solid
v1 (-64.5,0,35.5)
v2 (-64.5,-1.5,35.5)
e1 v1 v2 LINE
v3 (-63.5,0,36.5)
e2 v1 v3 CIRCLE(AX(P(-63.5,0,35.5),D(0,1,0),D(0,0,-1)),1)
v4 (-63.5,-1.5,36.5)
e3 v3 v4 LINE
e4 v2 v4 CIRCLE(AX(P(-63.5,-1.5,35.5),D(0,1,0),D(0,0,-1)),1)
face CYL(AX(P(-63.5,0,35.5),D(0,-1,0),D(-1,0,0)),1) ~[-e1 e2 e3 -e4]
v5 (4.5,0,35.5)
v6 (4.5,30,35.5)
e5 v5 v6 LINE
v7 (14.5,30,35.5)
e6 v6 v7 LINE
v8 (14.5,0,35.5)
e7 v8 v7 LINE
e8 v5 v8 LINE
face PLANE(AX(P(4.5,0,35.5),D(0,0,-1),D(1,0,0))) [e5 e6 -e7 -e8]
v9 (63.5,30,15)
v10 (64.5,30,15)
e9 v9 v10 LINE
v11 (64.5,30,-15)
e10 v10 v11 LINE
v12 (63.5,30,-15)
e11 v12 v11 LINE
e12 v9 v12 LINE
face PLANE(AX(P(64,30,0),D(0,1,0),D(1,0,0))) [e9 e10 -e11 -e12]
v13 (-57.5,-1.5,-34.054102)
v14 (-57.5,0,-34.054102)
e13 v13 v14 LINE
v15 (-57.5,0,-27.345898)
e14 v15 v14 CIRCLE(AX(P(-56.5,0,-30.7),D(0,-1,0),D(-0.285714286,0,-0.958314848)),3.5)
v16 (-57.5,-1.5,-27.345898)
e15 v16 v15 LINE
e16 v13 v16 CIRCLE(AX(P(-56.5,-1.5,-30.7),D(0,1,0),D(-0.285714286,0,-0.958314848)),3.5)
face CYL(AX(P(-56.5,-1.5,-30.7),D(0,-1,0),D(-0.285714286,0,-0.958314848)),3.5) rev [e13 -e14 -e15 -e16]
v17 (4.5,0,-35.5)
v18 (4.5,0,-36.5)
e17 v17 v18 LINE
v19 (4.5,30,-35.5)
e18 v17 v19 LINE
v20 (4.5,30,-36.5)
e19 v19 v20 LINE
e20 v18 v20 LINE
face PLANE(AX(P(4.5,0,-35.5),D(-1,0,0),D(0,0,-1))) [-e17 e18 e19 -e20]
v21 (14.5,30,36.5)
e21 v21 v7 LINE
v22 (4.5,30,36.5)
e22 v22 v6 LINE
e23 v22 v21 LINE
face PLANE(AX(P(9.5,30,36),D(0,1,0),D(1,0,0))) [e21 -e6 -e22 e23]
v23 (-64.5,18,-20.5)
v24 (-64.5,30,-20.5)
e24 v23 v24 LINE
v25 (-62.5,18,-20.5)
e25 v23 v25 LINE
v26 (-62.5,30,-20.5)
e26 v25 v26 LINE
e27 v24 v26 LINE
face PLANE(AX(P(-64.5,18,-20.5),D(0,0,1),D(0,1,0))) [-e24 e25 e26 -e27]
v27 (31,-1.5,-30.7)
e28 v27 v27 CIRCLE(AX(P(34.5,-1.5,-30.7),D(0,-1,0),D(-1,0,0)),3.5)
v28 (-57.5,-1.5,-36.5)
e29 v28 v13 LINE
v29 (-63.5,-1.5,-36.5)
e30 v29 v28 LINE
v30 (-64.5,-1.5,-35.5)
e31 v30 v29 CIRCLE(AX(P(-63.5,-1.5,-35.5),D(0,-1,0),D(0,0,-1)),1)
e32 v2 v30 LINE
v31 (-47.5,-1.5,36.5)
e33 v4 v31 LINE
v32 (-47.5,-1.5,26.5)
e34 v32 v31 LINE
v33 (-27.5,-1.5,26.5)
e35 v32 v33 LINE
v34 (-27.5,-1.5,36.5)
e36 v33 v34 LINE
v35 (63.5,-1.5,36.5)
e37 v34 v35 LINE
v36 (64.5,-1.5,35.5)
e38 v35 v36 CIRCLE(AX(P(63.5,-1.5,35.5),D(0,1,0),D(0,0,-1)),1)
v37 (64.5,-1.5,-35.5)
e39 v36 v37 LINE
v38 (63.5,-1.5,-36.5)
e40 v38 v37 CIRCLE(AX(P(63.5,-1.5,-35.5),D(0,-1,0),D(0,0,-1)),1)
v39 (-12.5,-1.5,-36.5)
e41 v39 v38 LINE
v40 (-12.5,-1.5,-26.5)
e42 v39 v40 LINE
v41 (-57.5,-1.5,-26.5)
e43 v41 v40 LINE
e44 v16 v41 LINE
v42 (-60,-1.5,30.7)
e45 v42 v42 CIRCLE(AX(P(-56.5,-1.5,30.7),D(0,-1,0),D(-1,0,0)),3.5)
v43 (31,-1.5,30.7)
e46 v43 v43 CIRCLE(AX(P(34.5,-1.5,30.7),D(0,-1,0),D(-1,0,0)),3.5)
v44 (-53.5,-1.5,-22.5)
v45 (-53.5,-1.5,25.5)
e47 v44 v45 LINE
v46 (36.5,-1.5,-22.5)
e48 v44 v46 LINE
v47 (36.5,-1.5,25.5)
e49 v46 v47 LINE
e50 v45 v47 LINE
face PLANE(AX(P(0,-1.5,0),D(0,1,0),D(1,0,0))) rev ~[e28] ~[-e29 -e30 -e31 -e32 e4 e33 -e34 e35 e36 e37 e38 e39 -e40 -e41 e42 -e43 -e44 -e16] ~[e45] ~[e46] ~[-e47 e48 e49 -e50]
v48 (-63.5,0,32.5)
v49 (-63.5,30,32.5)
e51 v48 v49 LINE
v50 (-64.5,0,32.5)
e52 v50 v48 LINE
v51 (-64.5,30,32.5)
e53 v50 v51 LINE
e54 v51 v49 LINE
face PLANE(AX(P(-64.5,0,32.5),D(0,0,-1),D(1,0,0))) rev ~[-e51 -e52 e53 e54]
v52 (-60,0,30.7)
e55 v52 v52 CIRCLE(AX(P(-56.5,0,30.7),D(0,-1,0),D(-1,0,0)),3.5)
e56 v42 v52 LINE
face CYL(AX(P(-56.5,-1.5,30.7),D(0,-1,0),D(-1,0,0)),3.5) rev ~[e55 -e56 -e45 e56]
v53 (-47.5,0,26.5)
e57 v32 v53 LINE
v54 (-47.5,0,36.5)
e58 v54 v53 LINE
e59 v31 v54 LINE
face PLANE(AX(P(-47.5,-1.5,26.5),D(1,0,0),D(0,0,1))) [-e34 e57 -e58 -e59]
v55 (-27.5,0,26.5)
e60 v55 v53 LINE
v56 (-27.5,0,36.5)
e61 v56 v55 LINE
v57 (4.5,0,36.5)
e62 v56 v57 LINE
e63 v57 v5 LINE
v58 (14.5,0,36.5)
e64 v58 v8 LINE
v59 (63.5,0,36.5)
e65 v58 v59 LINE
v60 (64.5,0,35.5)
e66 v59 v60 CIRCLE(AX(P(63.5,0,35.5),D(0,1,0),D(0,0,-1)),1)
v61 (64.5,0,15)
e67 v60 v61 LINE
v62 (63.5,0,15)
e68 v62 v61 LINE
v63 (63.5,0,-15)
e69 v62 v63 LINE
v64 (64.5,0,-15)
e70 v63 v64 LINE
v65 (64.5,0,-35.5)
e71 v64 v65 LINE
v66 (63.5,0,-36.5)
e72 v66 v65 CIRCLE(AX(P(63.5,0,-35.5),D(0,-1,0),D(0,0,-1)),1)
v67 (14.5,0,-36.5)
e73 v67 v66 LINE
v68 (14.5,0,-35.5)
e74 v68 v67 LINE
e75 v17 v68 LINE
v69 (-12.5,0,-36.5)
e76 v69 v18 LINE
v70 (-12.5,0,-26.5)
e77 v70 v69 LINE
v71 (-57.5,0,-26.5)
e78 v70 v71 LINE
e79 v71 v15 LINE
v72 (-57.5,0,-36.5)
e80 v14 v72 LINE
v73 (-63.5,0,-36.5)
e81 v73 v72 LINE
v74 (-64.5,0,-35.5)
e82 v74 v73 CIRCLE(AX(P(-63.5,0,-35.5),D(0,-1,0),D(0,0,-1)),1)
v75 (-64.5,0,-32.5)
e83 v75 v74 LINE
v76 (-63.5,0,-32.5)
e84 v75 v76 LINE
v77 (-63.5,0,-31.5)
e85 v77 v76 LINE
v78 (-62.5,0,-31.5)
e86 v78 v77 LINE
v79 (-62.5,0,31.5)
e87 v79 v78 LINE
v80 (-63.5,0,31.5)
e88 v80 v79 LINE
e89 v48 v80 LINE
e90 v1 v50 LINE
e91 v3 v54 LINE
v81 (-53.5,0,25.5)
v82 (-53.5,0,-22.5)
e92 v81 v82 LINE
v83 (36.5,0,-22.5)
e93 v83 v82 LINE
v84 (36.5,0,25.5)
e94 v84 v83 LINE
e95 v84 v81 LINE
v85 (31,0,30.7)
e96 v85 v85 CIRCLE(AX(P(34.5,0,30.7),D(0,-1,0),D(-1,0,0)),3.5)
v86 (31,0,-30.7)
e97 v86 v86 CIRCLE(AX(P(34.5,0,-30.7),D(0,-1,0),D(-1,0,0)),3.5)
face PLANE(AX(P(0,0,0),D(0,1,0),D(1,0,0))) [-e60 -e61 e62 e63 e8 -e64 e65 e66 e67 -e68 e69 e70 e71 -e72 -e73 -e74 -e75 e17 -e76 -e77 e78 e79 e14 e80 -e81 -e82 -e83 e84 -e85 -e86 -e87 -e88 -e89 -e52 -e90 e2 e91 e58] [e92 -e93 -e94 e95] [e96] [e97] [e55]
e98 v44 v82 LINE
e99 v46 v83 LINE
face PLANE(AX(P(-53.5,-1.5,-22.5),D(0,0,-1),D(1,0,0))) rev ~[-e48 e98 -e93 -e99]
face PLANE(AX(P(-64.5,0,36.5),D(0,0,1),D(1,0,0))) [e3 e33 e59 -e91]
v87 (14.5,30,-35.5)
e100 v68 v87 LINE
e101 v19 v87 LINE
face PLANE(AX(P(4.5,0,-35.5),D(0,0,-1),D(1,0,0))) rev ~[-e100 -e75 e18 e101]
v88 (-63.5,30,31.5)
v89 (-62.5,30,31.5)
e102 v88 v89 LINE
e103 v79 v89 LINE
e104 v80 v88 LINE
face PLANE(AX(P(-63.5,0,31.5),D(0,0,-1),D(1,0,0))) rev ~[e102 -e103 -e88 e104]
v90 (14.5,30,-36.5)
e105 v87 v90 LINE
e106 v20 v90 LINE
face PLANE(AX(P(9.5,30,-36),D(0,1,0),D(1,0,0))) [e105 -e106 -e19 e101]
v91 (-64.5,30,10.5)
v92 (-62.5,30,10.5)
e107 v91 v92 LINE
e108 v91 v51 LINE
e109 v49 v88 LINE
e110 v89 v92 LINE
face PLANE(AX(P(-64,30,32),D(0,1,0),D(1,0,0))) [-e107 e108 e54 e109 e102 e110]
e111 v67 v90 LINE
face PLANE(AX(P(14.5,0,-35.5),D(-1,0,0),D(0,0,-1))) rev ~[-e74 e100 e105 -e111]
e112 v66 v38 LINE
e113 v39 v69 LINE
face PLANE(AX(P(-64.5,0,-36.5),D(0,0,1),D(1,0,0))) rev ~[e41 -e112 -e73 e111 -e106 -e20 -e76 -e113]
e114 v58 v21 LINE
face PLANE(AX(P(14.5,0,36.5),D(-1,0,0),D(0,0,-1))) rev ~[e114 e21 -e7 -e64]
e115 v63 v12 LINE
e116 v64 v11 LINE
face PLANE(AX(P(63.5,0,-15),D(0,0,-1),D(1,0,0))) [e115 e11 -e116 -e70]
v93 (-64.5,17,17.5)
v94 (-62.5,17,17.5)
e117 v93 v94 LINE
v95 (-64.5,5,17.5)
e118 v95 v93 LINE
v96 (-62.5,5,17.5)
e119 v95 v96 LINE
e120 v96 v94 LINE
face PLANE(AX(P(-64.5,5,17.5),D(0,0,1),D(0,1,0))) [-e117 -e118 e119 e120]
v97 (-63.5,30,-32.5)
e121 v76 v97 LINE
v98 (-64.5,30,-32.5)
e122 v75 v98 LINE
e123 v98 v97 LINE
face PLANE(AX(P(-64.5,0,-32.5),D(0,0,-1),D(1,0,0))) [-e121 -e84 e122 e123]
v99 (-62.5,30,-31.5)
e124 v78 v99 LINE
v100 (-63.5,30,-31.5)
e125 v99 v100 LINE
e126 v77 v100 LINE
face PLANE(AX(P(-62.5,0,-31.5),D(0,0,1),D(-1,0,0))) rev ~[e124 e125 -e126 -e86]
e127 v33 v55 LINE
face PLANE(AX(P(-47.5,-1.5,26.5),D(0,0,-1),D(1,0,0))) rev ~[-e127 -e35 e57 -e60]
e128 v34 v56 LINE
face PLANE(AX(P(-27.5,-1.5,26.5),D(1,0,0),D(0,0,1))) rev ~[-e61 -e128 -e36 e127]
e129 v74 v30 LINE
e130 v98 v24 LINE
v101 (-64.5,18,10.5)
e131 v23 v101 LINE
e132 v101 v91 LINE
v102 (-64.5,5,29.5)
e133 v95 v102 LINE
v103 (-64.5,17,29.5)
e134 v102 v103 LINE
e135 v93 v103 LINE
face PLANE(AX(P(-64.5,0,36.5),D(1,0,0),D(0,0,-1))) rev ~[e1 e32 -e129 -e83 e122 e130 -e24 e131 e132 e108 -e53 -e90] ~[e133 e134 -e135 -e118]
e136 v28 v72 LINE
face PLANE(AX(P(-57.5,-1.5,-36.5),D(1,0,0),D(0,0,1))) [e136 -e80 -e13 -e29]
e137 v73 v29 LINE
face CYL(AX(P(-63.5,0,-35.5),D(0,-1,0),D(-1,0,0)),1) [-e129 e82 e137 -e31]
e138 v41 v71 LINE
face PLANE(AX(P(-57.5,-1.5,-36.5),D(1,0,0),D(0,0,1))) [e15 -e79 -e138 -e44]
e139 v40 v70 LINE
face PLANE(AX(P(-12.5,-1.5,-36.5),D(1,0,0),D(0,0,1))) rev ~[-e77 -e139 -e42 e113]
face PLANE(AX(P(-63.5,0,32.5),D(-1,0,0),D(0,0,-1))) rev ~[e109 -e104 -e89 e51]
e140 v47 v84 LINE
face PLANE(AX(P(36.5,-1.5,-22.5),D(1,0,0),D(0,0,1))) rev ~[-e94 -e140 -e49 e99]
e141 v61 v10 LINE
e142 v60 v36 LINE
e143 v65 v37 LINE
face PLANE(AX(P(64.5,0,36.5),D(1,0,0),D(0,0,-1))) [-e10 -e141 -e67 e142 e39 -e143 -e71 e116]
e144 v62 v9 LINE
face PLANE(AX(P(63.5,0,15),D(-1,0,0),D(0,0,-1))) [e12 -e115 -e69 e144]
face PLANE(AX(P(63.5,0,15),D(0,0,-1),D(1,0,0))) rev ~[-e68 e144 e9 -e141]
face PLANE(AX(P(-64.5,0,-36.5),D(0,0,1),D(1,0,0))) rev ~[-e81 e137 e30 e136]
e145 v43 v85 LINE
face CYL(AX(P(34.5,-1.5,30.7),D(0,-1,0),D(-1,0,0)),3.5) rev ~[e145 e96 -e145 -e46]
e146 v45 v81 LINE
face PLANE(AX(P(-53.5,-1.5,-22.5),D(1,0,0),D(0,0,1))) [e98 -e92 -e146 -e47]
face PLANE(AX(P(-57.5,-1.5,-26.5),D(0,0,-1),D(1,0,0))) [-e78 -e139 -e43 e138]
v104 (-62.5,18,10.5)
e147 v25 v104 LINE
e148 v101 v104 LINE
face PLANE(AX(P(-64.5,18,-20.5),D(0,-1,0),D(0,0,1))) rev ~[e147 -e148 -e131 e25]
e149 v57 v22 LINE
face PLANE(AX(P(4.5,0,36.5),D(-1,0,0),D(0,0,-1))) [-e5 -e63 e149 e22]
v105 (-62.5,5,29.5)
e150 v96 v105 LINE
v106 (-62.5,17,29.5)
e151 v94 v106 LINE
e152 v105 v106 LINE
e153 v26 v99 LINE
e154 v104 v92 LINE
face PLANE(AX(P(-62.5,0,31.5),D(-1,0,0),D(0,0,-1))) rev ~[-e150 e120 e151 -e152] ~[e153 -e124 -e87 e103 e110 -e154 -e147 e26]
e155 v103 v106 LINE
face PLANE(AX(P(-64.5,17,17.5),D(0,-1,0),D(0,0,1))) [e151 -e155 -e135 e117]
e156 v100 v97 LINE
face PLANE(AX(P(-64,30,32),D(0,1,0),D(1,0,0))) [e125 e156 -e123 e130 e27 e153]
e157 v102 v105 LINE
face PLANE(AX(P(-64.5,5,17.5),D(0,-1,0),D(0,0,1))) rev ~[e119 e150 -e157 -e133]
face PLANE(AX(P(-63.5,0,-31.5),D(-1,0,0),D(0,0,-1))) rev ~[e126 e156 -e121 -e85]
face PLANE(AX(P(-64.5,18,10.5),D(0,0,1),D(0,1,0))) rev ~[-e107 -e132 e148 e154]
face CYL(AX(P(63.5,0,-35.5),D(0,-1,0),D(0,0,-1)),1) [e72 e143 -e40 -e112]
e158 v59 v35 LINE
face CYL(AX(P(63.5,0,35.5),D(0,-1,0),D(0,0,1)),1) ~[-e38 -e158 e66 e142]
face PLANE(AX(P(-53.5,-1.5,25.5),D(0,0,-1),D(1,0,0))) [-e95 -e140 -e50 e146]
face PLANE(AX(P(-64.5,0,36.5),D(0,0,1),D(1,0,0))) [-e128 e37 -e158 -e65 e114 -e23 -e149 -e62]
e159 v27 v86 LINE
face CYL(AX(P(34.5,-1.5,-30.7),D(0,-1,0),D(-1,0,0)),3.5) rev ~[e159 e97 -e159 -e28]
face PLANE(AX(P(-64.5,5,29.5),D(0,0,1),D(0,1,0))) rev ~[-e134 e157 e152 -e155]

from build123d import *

# Parameters (mm, degrees)
EXTRUDE_1_DEPTH     = 30
SKETCH_1_5_W        = 129
SKETCH_1_5_H        = 73
EXTRUDE_3_DEPTH     = 1.5
SKETCH_4_W          = 1
SKETCH_4_H          = 30
SKETCH_4_W_2        = 10
SKETCH_4_H_2        = 1
EXTRUDE_4_DEPTH     = 30
SKETCH_8_W          = 31
SKETCH_8_H          = 12
SKETCH_8_W_2        = 12
CUT_EXTRUDE_5_DEPTH = 2
SKETCH_6_W          = 90
SKETCH_6_H          = 48
SKETCH_6_W_2        = 20
SKETCH_6_H_2        = 10
SKETCH_6_W_3        = 45
CUT_EXTRUDE_6_DEPTH = 2
FILLET_1_R          = 1
FILLET_6_R          = 1
FILLET_7_R          = 1
SKETCH_10_R         = 3.5
CUT_EXTRUDE_7_DEPTH = 2


with BuildPart() as part:
    # 草图1 → 凸台-拉伸1 (new body)
    with BuildSketch(Plane(origin=(0, 0, 0), x_dir=(1, 0, 0), z_dir=(0, 1, 0))):
        Polygon((-63.5, 32.5), (-64.5, 32.5), (-64.5, -32.5), (-63.5, -32.5), (-63.5, -31.5), (-62.5, -31.5), (-62.5, 31.5), (-63.5, 31.5), align=None)
    extrude(amount=EXTRUDE_1_DEPTH)

    # 草图1<5> → 凸台-拉伸3 (add)
    with BuildSketch(Plane(origin=(0, 0, 0), x_dir=(1, 0, 0), z_dir=(0, 1, 0))):
        Rectangle(SKETCH_1_5_W, SKETCH_1_5_H)
    extrude(amount=-EXTRUDE_3_DEPTH)

    # 草图4 → 凸台-拉伸4 (add)
    with BuildSketch(Plane(origin=(0, 0, 0), x_dir=(1, 0, 0), z_dir=(0, 1, 0))):
        with Locations((64, 0)):
            Rectangle(SKETCH_4_W, SKETCH_4_H)
        with Locations((9.5, -36)):
            Rectangle(SKETCH_4_W_2, SKETCH_4_H_2)
        with Locations((9.5, 36)):
            Rectangle(SKETCH_4_W_2, SKETCH_4_H_2)
    extrude(amount=EXTRUDE_4_DEPTH)

    # 草图8 → 切除-拉伸5 (cut)
    with BuildSketch(Plane.ZY.offset(64.5)):
        with Locations((-5, 24)):
            Rectangle(SKETCH_8_W, SKETCH_8_H)
        with Locations((23.5, 11)):
            Rectangle(SKETCH_8_W_2, SKETCH_8_H)
    extrude(amount=-CUT_EXTRUDE_5_DEPTH, mode=Mode.SUBTRACT)

    # 草图6 → 切除-拉伸6 (cut)
    with BuildSketch(Plane.XZ.offset(1.5)):
        with Locations((-8.5, 1.5)):
            Rectangle(SKETCH_6_W, SKETCH_6_H)
        with Locations((-37.5, 31.5)):
            Rectangle(SKETCH_6_W_2, SKETCH_6_H_2)
        with Locations((-35, -31.5)):
            Rectangle(SKETCH_6_W_3, SKETCH_6_H_2)
    extrude(amount=-CUT_EXTRUDE_6_DEPTH, mode=Mode.SUBTRACT)

    # 圆角1
    fillet_1_edges = [part.edges().sort_by_distance(p)[0] for p in [
        (-64.5, -0.75, -36.5),
    ]]
    fillet(fillet_1_edges, radius=FILLET_1_R)

    # 圆角6
    fillet_6_edges = [part.edges().sort_by_distance(p)[0] for p in [
        (-64.5, -0.75, 36.5),
    ]]
    fillet(fillet_6_edges, radius=FILLET_6_R)

    # 圆角7
    fillet_7_edges = [part.edges().sort_by_distance(p)[0] for p in [
        (64.5, -0.75, -36.5),
        (64.5, -0.75, 36.5),
    ]]
    fillet(fillet_7_edges, radius=FILLET_7_R)

    # 草图10 → 切除-拉伸7 (cut)
    with BuildSketch(Plane(origin=(0, -1.5, 0), x_dir=(-1, 0, 0), z_dir=(0, -1, 0))):
        with Locations((-34.5, 30.7)):
            Circle(SKETCH_10_R)
        with Locations((-34.5, -30.7)):
            Circle(SKETCH_10_R)
        with Locations((56.5, -30.7)):
            Circle(SKETCH_10_R)
        with BuildLine():
            Line((57.5, 27.345898034), (57.5, 34.054101966))
            ThreePointArc((57.5, 34.054101966), (60, 30.7), (57.5, 27.345898034))
        make_face()
    extrude(amount=-CUT_EXTRUDE_7_DEPTH, mode=Mode.SUBTRACT)


solid = part.part
